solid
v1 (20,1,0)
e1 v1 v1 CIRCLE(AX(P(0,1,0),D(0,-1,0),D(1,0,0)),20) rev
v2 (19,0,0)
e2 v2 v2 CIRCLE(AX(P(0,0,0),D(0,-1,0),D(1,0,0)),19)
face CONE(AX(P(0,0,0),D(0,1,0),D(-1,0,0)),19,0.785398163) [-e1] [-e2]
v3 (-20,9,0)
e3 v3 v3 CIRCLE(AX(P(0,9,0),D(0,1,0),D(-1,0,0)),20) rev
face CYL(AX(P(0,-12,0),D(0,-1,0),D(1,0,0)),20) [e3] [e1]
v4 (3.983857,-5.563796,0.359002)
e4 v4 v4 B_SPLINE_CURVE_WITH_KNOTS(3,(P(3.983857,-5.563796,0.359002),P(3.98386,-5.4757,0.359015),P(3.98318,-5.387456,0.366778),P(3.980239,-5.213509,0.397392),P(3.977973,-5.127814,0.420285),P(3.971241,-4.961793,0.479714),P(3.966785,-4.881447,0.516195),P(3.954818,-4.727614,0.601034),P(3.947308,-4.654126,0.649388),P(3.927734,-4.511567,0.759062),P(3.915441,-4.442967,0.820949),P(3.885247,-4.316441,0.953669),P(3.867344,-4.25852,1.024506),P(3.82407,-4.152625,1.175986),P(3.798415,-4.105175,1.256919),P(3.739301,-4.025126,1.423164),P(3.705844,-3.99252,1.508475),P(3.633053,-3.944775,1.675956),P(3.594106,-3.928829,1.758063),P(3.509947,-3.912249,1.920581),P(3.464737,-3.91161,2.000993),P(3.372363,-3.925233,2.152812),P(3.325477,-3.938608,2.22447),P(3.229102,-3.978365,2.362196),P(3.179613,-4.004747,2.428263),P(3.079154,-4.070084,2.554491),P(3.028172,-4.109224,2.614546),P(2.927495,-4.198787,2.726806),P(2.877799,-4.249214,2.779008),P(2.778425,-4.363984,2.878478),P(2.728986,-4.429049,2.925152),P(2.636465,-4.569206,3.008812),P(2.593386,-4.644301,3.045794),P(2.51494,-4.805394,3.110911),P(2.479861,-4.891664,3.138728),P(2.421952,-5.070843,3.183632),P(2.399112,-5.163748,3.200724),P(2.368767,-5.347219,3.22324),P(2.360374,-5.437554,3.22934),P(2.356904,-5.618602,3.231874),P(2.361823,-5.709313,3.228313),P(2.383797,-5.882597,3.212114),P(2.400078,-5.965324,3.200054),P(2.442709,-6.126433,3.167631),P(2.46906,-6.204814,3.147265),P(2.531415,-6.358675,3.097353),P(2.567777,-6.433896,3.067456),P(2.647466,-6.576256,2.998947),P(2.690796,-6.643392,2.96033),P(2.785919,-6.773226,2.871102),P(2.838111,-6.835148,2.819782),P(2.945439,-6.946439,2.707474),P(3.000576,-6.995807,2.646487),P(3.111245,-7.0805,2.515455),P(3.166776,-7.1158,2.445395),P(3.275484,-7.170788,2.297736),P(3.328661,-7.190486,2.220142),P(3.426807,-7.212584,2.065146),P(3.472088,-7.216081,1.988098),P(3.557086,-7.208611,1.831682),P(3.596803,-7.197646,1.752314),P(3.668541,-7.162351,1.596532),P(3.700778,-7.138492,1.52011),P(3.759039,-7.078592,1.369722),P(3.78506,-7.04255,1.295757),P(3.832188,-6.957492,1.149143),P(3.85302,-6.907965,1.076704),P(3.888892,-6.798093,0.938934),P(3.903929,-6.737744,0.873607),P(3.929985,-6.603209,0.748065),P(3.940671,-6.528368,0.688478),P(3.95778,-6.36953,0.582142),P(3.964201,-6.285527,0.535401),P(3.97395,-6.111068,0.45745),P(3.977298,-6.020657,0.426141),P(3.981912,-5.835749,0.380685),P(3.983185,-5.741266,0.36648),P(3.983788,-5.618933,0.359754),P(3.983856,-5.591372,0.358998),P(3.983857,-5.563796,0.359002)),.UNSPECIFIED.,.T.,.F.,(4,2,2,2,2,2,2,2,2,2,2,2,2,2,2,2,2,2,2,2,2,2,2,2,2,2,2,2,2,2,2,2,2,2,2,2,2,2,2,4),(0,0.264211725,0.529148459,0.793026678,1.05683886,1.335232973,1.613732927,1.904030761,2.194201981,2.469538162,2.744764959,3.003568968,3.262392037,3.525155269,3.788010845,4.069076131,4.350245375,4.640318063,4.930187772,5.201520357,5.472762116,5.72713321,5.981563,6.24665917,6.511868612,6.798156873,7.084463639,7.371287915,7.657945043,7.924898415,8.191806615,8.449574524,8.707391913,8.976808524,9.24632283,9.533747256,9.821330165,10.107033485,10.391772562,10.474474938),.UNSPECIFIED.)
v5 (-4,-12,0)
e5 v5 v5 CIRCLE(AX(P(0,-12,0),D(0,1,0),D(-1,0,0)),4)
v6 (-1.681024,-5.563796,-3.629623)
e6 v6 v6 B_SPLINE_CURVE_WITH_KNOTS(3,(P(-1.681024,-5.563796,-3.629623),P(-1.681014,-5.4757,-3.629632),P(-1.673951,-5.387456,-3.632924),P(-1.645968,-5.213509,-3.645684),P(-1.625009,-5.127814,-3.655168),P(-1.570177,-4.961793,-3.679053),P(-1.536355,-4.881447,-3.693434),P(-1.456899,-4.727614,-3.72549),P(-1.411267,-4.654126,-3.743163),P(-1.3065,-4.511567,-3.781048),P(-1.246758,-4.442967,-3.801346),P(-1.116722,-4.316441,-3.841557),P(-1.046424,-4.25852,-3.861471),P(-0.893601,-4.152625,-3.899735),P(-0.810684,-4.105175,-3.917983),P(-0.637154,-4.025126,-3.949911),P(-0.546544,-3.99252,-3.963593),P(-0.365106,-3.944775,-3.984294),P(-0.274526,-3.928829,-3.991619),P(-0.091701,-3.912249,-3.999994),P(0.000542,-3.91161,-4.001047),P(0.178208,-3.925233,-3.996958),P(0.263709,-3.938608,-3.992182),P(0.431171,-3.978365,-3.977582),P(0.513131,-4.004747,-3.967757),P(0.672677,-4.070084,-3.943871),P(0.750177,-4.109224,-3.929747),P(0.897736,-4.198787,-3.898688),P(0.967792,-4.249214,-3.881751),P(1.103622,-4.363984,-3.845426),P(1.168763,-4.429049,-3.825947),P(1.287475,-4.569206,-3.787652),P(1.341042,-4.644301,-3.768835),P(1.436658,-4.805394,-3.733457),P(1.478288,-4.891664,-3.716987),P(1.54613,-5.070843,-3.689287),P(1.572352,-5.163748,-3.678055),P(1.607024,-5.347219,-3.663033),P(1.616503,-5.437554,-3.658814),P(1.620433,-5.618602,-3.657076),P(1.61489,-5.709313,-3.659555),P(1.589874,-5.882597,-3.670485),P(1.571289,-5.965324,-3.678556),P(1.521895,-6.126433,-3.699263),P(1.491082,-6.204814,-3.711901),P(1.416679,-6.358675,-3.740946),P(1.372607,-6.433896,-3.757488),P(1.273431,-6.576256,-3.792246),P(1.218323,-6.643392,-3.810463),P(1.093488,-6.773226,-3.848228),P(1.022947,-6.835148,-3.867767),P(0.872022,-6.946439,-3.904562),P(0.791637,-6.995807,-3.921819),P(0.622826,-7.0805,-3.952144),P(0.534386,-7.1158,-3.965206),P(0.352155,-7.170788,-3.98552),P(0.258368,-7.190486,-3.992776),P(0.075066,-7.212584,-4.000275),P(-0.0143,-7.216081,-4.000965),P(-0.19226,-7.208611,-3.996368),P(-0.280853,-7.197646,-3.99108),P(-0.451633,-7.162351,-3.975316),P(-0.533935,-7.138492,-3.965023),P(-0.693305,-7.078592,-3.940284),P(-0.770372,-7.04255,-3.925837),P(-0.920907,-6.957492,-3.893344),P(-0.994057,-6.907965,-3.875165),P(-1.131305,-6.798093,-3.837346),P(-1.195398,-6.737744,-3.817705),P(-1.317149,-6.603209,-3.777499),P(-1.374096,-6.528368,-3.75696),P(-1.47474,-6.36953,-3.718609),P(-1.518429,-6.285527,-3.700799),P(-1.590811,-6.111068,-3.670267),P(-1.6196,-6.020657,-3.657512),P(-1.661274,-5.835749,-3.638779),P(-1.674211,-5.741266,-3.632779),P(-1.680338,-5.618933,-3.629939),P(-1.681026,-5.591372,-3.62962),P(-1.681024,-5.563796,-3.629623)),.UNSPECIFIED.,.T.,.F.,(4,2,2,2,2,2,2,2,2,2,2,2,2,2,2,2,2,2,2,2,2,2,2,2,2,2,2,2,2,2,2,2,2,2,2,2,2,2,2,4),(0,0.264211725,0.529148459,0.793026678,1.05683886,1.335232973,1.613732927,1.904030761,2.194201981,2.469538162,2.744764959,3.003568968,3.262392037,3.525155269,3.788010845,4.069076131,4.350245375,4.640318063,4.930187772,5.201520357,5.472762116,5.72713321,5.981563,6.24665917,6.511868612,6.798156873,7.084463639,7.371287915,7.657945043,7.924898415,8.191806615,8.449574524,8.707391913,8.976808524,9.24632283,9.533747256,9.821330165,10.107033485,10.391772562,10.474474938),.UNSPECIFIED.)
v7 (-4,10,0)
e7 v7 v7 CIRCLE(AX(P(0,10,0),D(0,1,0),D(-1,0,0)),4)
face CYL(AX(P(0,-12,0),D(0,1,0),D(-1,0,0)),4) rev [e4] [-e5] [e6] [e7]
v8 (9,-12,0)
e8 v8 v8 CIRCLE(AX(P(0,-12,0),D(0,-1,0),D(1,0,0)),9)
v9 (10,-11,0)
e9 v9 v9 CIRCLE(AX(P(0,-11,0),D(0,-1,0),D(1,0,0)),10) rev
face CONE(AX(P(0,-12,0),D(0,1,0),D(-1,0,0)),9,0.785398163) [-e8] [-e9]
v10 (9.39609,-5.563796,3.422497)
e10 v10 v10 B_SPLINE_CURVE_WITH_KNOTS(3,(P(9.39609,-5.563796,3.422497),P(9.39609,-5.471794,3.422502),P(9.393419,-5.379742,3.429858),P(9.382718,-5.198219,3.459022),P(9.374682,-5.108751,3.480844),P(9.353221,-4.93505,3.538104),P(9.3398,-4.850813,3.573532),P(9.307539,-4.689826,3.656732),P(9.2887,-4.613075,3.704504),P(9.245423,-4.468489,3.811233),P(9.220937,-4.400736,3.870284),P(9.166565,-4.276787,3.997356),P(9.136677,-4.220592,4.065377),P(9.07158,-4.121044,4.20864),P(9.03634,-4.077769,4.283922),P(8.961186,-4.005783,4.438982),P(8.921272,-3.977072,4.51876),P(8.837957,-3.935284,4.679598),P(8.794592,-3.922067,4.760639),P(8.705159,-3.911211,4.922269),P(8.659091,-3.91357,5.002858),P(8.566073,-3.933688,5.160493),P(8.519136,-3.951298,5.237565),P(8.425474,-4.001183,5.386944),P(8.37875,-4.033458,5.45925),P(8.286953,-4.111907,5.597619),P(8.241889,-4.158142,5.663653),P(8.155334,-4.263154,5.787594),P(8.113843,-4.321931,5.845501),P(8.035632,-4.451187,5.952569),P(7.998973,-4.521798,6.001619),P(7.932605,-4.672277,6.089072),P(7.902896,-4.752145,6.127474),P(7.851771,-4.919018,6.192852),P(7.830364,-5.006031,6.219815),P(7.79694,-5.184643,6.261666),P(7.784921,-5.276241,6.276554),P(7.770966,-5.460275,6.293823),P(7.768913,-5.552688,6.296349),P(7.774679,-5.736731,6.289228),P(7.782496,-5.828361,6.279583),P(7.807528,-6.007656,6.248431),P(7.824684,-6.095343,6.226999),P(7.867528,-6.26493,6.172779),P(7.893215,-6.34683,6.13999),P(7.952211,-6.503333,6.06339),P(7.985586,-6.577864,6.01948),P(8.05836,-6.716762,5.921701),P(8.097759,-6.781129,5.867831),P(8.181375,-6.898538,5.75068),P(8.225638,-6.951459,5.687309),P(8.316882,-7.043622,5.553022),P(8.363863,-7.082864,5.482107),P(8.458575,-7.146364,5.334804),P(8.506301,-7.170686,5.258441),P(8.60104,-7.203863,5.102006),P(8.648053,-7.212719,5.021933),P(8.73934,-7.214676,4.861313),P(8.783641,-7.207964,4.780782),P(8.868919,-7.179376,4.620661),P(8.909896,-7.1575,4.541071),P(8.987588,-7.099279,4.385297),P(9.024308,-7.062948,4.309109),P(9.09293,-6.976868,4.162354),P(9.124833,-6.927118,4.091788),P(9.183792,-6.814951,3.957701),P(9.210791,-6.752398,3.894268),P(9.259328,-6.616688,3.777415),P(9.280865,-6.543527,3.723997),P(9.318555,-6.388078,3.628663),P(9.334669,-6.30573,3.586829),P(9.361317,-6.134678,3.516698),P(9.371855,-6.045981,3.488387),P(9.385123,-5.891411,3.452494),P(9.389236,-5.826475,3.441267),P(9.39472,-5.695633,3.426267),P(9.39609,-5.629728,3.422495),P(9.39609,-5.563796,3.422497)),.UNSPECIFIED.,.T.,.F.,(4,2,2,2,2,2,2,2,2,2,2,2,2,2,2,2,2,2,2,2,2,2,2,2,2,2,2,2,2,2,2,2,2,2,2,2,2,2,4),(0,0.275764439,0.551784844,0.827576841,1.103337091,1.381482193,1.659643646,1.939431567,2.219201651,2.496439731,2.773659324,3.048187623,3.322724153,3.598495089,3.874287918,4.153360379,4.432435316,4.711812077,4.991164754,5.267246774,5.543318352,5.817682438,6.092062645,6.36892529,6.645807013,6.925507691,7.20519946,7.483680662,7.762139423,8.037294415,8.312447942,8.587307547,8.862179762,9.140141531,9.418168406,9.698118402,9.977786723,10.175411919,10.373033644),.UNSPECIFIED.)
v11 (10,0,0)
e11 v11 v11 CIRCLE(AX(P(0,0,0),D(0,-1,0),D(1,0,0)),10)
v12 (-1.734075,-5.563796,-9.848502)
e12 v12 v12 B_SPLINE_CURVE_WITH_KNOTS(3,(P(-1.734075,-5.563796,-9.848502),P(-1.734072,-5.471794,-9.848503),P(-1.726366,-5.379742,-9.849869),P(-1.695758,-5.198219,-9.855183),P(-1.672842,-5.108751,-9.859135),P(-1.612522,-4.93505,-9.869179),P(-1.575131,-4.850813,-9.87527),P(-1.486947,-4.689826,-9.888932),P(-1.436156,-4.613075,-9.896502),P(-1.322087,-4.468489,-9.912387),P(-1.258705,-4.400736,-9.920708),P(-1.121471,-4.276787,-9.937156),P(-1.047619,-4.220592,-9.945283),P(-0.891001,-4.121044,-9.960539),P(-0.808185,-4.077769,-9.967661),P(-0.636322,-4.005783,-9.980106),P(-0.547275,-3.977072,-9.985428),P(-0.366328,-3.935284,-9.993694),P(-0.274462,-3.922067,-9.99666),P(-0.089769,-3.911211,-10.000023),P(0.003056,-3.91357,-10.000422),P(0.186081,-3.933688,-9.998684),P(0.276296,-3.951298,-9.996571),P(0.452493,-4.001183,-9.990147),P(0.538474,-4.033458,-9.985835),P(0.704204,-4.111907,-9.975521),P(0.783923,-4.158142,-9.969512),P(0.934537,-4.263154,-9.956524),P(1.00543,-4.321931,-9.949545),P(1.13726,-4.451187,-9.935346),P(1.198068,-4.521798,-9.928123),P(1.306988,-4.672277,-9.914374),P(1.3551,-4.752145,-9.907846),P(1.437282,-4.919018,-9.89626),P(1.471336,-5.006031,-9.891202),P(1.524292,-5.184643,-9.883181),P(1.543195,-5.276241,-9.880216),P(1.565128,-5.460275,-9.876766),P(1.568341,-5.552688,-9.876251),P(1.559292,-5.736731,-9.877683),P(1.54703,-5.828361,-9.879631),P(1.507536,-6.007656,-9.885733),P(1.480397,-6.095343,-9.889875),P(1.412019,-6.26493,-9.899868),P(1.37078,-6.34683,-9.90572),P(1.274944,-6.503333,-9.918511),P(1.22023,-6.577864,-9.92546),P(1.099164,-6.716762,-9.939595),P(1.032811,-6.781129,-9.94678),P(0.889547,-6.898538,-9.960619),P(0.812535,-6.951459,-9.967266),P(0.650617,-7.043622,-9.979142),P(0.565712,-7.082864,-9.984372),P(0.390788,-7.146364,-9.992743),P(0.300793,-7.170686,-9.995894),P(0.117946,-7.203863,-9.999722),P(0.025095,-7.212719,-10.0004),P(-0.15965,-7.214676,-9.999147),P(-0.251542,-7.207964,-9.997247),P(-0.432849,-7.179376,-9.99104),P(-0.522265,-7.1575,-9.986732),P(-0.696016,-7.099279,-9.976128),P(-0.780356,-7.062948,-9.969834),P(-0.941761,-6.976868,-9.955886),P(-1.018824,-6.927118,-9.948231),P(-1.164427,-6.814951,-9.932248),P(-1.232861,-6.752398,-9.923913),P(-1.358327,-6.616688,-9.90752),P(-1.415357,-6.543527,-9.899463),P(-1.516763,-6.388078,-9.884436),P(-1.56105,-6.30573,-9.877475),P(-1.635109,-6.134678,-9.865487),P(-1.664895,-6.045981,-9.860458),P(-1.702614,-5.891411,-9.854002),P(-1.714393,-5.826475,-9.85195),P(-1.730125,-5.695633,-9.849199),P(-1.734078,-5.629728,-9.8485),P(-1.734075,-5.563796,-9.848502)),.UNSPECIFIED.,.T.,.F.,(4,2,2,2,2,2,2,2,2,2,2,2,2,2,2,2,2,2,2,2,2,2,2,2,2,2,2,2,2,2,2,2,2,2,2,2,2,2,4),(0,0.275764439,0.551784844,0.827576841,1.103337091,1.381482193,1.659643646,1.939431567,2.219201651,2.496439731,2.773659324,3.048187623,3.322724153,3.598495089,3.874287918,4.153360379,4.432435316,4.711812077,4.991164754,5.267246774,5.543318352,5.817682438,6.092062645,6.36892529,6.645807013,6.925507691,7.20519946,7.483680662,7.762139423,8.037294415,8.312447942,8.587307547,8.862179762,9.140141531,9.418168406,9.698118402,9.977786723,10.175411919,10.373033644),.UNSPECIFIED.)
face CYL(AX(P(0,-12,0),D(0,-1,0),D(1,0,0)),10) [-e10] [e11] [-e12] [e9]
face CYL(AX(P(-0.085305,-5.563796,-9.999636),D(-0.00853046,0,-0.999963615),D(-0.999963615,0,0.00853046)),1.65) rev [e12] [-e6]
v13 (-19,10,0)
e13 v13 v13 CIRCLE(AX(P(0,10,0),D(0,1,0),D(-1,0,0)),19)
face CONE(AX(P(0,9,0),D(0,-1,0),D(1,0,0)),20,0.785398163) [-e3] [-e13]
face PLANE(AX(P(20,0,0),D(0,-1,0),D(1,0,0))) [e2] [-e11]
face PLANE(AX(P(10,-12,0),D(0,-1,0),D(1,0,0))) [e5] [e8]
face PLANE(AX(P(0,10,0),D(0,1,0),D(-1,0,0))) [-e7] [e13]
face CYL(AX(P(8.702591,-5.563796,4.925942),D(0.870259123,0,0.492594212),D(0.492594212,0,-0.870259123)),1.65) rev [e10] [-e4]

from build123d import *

# Parameters (mm, degrees)
SKETCH2_R                  = 4
CUT_EXTRUDE1_DEPTH         = 36.832945734
CHAMFER1_SIZE              = 1
M4X0_7_TAPPED_HOLE1_REACH  = 41.314
M4X0_7_TAPPED_HOLE1_BORE_R = 1.65
CIRPATTERN3_COUNT          = 2
CIRPATTERN3_ANGLE          = 120


with BuildPart() as part:
    # Sketch1 → Revolve1 (revolve)
    with BuildSketch(Plane.XY):
        Polygon((0, 10), (20, 10), (20, 0), (10, 0), (10, -12), (0, -12), align=None)
    revolve(axis=Axis((0, -12, 0), (0, 1, 0)))

    # Sketch2 → Cut-Extrude1 (cut, through all)
    with BuildSketch(Plane(origin=(0, 10, 0), x_dir=(1, 0, 0), z_dir=(0, 1, 0))):
        with Locations(Location((0, 0, 0), (0, 0, 180))):
            Circle(SKETCH2_R)
    extrude(amount=-CUT_EXTRUDE1_DEPTH, mode=Mode.SUBTRACT)

    # Chamfer1
    chamfer1_edges = [part.edges().sort_by_distance(p)[0] for p in [
        (-10, -12, 0),
        (-20, 0, 0),
        (-20, 10, 0),
    ]]
    chamfer(chamfer1_edges, length=CHAMFER1_SIZE)

    # M4x0.7 Tapped Hole1 bore (on position points) → M4x0.7 Tapped Hole1 (cut, up to next)
    with BuildSketch(Plane(origin=(-0.085304599, -5.563796066, -9.99963615), x_dir=(-0.999963614965, 0, 0.008530459937), z_dir=(-0.008530459937, 0, -0.999963614965)), mode=Mode.PRIVATE) as m4x0_7_tapped_hole1_sk1:
        Circle(M4X0_7_TAPPED_HOLE1_BORE_R)
    m4x0_7_tapped_hole1_tool1 = extrude(m4x0_7_tapped_hole1_sk1.sketch, amount=-M4X0_7_TAPPED_HOLE1_REACH, mode=Mode.PRIVATE) & part.part
    m4x0_7_tapped_hole1 = m4x0_7_tapped_hole1_tool1.solids().sort_by_distance((-0.085305, -5.563796, -9.999636))[0]
    add(m4x0_7_tapped_hole1, mode=Mode.SUBTRACT)

    # CirPattern3: M4x0.7 Tapped Hole1 ×2 about axis
    cirpattern3_axis = Axis((0, -12, 0), (0, -1, 0))
    for i in range(1, CIRPATTERN3_COUNT):
        add(m4x0_7_tapped_hole1.rotate(cirpattern3_axis, i * CIRPATTERN3_ANGLE / (CIRPATTERN3_COUNT - 1)), mode=Mode.SUBTRACT)


solid = part.part
